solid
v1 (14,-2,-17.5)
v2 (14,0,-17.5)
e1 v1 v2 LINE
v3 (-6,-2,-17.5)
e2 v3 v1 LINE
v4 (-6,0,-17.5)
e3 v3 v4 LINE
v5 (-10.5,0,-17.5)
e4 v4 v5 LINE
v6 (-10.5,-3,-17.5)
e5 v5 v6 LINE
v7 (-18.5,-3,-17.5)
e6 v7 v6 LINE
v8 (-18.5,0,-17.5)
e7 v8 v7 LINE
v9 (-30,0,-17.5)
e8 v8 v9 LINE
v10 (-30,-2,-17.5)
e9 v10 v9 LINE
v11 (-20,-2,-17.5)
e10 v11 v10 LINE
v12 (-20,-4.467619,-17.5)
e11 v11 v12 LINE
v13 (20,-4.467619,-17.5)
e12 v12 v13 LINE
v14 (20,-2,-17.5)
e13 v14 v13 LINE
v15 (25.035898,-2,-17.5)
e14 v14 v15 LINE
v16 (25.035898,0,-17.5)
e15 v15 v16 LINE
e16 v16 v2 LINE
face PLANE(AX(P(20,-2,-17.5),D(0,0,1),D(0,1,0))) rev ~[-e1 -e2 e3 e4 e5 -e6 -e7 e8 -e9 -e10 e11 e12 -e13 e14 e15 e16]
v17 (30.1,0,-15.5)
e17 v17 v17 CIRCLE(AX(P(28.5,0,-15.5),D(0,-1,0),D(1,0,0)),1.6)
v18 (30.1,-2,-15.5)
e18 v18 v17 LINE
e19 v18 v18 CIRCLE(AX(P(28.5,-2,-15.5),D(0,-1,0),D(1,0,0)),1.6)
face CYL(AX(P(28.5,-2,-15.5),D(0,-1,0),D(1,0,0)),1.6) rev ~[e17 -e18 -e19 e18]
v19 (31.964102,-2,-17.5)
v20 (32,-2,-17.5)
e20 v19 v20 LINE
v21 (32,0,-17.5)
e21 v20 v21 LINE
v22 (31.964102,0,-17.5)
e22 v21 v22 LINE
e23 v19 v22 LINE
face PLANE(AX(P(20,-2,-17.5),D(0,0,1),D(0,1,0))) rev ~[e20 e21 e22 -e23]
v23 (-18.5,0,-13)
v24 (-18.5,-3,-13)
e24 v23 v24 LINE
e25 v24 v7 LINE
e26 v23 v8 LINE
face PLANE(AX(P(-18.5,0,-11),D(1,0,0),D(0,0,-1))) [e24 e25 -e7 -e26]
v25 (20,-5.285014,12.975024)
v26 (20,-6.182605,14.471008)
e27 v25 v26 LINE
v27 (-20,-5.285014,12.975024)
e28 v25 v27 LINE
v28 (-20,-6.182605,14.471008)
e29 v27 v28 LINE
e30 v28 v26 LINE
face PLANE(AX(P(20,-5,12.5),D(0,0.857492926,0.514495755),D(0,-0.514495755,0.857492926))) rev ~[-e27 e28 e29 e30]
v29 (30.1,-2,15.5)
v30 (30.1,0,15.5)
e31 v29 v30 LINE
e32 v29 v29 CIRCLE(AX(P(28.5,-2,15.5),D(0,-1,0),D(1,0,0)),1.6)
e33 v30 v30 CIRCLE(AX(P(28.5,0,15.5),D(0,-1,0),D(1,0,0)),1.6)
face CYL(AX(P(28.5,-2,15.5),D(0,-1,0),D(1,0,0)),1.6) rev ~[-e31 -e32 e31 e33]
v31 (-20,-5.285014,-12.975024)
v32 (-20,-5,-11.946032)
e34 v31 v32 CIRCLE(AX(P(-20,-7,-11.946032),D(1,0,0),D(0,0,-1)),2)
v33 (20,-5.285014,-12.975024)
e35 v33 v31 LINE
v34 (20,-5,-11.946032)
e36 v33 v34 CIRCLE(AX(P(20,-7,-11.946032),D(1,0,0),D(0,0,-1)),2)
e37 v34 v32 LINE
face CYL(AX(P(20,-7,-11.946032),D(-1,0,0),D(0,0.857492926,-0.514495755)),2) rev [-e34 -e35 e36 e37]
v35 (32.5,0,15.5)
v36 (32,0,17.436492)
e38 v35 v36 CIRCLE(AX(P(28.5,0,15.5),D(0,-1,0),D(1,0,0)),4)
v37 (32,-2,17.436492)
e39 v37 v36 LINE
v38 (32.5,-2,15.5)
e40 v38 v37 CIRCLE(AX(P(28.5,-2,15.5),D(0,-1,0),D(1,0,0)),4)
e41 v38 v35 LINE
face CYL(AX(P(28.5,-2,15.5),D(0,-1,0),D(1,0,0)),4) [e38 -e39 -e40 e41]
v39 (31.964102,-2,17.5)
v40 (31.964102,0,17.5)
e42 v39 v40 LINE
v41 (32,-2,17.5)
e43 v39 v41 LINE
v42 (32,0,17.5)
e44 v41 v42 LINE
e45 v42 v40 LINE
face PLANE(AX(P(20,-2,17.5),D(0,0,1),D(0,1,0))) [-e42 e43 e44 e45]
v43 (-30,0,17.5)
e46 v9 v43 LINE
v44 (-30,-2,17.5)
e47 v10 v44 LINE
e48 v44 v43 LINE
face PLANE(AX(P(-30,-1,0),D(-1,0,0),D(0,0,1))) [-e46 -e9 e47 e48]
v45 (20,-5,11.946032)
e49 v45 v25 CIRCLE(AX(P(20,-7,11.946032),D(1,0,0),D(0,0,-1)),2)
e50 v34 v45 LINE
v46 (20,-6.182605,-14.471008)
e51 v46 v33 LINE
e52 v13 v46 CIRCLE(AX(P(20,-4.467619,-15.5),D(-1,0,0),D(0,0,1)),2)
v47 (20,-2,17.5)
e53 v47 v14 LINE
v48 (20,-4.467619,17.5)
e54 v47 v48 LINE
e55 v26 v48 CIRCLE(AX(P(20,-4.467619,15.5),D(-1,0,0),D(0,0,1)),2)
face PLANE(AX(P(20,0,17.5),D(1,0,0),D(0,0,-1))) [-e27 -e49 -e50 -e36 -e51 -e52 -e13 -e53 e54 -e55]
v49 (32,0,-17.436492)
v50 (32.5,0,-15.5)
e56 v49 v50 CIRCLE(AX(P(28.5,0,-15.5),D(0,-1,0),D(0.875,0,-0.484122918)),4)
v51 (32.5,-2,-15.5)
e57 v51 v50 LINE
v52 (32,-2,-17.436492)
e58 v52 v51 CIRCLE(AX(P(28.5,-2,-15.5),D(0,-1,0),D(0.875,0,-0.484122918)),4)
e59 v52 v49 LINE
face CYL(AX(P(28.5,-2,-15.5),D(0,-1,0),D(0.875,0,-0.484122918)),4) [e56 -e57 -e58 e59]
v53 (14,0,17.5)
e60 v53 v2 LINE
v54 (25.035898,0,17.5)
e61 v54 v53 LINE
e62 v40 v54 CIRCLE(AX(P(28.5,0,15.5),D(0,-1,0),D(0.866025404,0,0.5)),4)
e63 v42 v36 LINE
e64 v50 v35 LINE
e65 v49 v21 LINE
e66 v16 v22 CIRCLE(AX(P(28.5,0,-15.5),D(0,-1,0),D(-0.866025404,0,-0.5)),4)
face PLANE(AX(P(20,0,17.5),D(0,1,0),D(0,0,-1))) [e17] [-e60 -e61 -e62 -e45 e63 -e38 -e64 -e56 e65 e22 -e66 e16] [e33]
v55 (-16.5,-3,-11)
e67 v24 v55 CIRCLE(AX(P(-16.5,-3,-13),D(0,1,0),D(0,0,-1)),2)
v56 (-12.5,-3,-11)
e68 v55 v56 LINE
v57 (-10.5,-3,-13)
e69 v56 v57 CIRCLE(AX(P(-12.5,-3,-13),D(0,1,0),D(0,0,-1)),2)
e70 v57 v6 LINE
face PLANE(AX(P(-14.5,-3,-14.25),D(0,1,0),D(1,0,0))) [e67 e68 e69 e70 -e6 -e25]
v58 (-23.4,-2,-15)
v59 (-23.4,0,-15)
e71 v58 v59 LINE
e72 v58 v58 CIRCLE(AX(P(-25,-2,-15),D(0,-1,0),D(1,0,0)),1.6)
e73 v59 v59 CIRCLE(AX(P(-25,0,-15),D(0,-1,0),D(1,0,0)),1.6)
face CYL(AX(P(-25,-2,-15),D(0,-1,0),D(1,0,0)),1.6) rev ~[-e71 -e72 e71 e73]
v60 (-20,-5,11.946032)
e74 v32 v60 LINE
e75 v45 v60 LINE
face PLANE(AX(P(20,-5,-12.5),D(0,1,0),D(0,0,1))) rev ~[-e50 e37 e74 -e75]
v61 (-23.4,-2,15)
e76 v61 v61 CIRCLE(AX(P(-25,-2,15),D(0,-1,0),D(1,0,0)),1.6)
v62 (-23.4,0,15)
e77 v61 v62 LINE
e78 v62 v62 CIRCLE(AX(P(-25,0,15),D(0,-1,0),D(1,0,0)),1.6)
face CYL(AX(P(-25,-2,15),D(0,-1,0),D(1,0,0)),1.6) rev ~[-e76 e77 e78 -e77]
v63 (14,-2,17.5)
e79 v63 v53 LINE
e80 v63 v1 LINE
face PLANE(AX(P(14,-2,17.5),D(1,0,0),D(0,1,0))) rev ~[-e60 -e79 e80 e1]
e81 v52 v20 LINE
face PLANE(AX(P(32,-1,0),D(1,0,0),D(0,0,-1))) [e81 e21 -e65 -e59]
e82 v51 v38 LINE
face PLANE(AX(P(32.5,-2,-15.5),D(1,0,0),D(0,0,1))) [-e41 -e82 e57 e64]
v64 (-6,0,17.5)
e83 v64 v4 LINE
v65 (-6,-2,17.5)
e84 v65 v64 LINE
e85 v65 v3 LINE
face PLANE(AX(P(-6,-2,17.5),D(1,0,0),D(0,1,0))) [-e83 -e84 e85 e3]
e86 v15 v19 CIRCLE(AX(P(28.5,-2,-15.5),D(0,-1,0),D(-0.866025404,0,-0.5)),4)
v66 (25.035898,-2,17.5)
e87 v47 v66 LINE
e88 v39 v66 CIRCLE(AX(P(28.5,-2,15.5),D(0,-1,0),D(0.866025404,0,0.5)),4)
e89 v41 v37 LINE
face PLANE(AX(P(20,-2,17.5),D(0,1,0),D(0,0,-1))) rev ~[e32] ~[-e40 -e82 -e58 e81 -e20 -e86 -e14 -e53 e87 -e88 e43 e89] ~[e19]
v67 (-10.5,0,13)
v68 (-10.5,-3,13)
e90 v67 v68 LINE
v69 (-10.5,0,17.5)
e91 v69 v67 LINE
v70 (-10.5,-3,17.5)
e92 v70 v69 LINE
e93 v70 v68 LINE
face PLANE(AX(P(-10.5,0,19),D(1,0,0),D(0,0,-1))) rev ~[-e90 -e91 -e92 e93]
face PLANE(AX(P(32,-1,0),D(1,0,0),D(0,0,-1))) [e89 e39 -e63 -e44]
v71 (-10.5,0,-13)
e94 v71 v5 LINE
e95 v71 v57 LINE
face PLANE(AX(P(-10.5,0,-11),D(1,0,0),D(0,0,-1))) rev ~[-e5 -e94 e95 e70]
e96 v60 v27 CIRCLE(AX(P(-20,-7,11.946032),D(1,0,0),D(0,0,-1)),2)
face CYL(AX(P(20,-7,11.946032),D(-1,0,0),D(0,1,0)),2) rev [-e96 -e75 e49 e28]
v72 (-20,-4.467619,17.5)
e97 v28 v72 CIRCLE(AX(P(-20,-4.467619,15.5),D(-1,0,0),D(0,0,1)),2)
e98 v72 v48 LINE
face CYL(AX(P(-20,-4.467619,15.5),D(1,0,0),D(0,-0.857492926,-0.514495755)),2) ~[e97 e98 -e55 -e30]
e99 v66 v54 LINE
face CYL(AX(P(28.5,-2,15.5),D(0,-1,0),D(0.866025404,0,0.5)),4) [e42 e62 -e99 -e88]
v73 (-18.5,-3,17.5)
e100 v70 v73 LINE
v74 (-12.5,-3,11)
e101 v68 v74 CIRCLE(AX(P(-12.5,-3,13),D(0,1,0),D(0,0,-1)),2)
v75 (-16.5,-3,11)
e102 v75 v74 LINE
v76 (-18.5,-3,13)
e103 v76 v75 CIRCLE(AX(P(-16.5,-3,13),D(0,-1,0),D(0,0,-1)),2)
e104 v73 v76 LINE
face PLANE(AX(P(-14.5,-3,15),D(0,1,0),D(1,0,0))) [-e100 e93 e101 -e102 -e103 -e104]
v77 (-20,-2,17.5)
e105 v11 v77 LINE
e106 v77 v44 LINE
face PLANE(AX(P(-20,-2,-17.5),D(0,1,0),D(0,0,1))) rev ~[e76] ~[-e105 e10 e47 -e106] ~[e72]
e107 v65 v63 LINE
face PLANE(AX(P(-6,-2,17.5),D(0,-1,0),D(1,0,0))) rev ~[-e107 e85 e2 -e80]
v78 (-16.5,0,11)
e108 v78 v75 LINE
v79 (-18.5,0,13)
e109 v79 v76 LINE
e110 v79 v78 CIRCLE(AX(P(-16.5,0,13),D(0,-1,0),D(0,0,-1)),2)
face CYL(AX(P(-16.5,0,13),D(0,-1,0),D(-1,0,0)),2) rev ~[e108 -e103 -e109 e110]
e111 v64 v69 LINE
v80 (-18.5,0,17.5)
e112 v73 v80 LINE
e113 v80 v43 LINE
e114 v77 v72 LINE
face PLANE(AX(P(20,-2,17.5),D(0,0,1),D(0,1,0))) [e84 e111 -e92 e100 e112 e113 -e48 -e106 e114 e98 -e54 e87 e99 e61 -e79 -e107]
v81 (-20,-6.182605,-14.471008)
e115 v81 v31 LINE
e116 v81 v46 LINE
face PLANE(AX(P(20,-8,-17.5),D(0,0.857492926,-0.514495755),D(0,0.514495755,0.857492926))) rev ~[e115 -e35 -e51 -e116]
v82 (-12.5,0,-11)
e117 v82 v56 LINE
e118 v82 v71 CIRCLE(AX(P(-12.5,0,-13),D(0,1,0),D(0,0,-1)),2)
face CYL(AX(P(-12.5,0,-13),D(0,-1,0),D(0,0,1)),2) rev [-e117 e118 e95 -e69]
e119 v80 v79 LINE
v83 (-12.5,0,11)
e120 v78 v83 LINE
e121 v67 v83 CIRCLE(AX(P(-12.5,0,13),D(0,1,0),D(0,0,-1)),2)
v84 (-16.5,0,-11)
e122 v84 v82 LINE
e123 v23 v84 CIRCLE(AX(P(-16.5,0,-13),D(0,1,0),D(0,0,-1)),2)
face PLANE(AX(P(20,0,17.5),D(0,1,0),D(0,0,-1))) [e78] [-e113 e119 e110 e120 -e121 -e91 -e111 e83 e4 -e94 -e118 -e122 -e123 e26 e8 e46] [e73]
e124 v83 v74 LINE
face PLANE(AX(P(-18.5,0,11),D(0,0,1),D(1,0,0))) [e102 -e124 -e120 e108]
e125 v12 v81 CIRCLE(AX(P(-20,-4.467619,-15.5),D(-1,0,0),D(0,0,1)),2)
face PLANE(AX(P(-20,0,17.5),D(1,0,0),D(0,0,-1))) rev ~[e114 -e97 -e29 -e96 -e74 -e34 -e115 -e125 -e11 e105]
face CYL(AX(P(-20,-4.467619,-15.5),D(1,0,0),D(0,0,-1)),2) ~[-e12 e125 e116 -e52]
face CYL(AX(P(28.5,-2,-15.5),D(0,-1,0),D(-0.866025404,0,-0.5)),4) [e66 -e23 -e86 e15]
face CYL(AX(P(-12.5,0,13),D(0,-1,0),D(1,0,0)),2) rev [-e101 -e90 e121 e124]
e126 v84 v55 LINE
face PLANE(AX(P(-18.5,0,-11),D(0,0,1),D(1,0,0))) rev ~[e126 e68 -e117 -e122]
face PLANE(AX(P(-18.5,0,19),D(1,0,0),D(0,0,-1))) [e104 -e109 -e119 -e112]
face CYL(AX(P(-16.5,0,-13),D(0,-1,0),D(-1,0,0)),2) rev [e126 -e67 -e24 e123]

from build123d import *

# Parameters (mm, degrees)
SKETCH1_W               = 40
SKETCH1_H               = 35
BOSS_EXTRUDE1_DEPTH     = 8
CUT_EXTRUDE1_DEPTH      = 1
CUT_EXTRUDE1_DEPTH_BACK = 41
FILLET1_R               = 2
SKETCH4_W               = 35
SKETCH4_H               = 2
BOSS_EXTRUDE2_DEPTH     = 10
SKETCH5_W               = 35
SKETCH5_H               = 2
BOSS_EXTRUDE3_DEPTH     = 12
SKETCH6_R               = 1.6
CUT_EXTRUDE2_DEPTH      = 10
SKETCH7_W               = 8
SKETCH7_H               = 6.5
SKETCH7_H_2             = 8
CUT_EXTRUDE3_DEPTH      = 3
SKETCH8_W               = 20
SKETCH8_H               = 2
CUT_EXTRUDE5_DEPTH      = 36
FILLET2_R               = 2
SKETCH10_R              = 1.6
CUT_EXTRUDE6_DEPTH      = 3
BOSS_EXTRUDE4_DEPTH     = 2


with BuildPart() as part:
    # Sketch1 → Boss-Extrude1 (new body)
    with BuildSketch(Plane(origin=(0, 0, 0), x_dir=(1, 0, 0), z_dir=(0, 1, 0))):
        Rectangle(SKETCH1_W, SKETCH1_H)
    extrude(amount=-BOSS_EXTRUDE1_DEPTH)

    # Sketch2 → Cut-Extrude1 (cut, two sides)
    with BuildSketch(Plane(origin=(20, 0, 0), x_dir=(0, 0, -1), z_dir=(1, 0, 0))) as cut_extrude1_sk:
        Polygon((-12.5, -5), (-17.5, -8), (0, -8), (0, -5), align=None)
        Polygon((0, -5), (0, -8), (17.5, -8), (12.5, -5), align=None)
    extrude(amount=CUT_EXTRUDE1_DEPTH, mode=Mode.SUBTRACT)
    extrude(cut_extrude1_sk.sketch, amount=-CUT_EXTRUDE1_DEPTH_BACK, mode=Mode.SUBTRACT)

    # Fillet1
    fillet1_edges = [part.edges().sort_by_distance(p)[0] for p in [
        (0, -8, -17.5),
        (0, -5, 12.5),
        (0, -5, -12.5),
        (0, -8, 17.5),
    ]]
    fillet(fillet1_edges, radius=FILLET1_R)

    # Sketch4 → Boss-Extrude2 (add)
    with BuildSketch(Plane.ZY.offset(20)):
        with Locations((0, -1)):
            Rectangle(SKETCH4_W, SKETCH4_H)
    extrude(amount=BOSS_EXTRUDE2_DEPTH)

    # Sketch5 → Boss-Extrude3 (add)
    with BuildSketch(Plane(origin=(20, 0, 0), x_dir=(0, 0, -1), z_dir=(1, 0, 0))):
        with Locations((0, -1)):
            Rectangle(SKETCH5_W, SKETCH5_H)
    extrude(amount=BOSS_EXTRUDE3_DEPTH)

    # Sketch6 → Cut-Extrude2 (cut)
    with BuildSketch(Plane.XZ.offset(2)):
        with Locations((-25, 15)):
            Circle(SKETCH6_R)
        with Locations((-25, -15)):
            Circle(SKETCH6_R)
    extrude(amount=-CUT_EXTRUDE2_DEPTH, mode=Mode.SUBTRACT)

    # Sketch7 → Cut-Extrude3 (cut)
    with BuildSketch(Plane(origin=(0, 0, 0), x_dir=(1, 0, 0), z_dir=(0, 1, 0))):
        with Locations((-14.5, 14.25)):
            Rectangle(SKETCH7_W, SKETCH7_H)
        with Locations((-14.5, -15)):
            Rectangle(SKETCH7_W, SKETCH7_H_2)
    extrude(amount=-CUT_EXTRUDE3_DEPTH, mode=Mode.SUBTRACT)

    # Sketch8 → Cut-Extrude5 (cut, through all)
    with BuildSketch(Plane.XY.offset(17.5)):
        with Locations((4, -1)):
            Rectangle(SKETCH8_W, SKETCH8_H)
    extrude(amount=-CUT_EXTRUDE5_DEPTH, mode=Mode.SUBTRACT)

    # Fillet2
    fillet2_edges = [part.edges().sort_by_distance(p)[0] for p in [
        (-10.5, -1.5, -11),
        (-18.5, -1.5, -11),
        (-18.5, -1.5, 11),
        (-10.5, -1.5, 11),
    ]]
    fillet(fillet2_edges, radius=FILLET2_R)

    # Sketch10 → Cut-Extrude6 (cut, through all)
    with BuildSketch(Plane.XZ.offset(2)):
        with Locations((28.5, 15.5)):
            Circle(SKETCH10_R)
        with Locations((28.5, -15.5)):
            Circle(SKETCH10_R)
    extrude(amount=-CUT_EXTRUDE6_DEPTH, mode=Mode.SUBTRACT)

    # Sketch10<4> → Boss-Extrude4 (add)
    with BuildSketch(Plane.XZ.offset(2)):
        with BuildLine():
            ThreePointArc((31.964101615, 17.5), (28.5, 19.5), (25.035898385, 17.5))
            Line((25.035898385, 17.5), (31.964101615, 17.5))
        make_face()
        with BuildLine():
            Line((32, 17.436491673), (32, 13.563508327))
            ThreePointArc((32, 13.563508327), (32.372983346, 14.5), (32.5, 15.5))
            ThreePointArc((32.5, 15.5), (32.372983346, 16.5), (32, 17.436491673))
        make_face()
        with BuildLine():
            Line((31.964101615, -17.5), (25.035898385, -17.5))
            ThreePointArc((25.035898385, -17.5), (28.5, -19.5), (31.964101615, -17.5))
        make_face()
        with BuildLine():
            ThreePointArc((32.5, -15.5), (32.372983346, -14.5), (32, -13.563508327))
            Line((32, -13.563508327), (32, -17.436491673))
            ThreePointArc((32, -17.436491673), (32.372983346, -16.5), (32.5, -15.5))
        make_face()
        with BuildLine():
            ThreePointArc((32.5, 15.5), (32.372983346, 14.5), (32, 13.563508327))
            Line((32, 13.563508327), (32, -13.563508327))
            ThreePointArc((32, -13.563508327), (32.372983346, -14.5), (32.5, -15.5))
            Line((32.5, -15.5), (32.5, 15.5))
        make_face()
    extrude(amount=-BOSS_EXTRUDE4_DEPTH)


solid = part.part
